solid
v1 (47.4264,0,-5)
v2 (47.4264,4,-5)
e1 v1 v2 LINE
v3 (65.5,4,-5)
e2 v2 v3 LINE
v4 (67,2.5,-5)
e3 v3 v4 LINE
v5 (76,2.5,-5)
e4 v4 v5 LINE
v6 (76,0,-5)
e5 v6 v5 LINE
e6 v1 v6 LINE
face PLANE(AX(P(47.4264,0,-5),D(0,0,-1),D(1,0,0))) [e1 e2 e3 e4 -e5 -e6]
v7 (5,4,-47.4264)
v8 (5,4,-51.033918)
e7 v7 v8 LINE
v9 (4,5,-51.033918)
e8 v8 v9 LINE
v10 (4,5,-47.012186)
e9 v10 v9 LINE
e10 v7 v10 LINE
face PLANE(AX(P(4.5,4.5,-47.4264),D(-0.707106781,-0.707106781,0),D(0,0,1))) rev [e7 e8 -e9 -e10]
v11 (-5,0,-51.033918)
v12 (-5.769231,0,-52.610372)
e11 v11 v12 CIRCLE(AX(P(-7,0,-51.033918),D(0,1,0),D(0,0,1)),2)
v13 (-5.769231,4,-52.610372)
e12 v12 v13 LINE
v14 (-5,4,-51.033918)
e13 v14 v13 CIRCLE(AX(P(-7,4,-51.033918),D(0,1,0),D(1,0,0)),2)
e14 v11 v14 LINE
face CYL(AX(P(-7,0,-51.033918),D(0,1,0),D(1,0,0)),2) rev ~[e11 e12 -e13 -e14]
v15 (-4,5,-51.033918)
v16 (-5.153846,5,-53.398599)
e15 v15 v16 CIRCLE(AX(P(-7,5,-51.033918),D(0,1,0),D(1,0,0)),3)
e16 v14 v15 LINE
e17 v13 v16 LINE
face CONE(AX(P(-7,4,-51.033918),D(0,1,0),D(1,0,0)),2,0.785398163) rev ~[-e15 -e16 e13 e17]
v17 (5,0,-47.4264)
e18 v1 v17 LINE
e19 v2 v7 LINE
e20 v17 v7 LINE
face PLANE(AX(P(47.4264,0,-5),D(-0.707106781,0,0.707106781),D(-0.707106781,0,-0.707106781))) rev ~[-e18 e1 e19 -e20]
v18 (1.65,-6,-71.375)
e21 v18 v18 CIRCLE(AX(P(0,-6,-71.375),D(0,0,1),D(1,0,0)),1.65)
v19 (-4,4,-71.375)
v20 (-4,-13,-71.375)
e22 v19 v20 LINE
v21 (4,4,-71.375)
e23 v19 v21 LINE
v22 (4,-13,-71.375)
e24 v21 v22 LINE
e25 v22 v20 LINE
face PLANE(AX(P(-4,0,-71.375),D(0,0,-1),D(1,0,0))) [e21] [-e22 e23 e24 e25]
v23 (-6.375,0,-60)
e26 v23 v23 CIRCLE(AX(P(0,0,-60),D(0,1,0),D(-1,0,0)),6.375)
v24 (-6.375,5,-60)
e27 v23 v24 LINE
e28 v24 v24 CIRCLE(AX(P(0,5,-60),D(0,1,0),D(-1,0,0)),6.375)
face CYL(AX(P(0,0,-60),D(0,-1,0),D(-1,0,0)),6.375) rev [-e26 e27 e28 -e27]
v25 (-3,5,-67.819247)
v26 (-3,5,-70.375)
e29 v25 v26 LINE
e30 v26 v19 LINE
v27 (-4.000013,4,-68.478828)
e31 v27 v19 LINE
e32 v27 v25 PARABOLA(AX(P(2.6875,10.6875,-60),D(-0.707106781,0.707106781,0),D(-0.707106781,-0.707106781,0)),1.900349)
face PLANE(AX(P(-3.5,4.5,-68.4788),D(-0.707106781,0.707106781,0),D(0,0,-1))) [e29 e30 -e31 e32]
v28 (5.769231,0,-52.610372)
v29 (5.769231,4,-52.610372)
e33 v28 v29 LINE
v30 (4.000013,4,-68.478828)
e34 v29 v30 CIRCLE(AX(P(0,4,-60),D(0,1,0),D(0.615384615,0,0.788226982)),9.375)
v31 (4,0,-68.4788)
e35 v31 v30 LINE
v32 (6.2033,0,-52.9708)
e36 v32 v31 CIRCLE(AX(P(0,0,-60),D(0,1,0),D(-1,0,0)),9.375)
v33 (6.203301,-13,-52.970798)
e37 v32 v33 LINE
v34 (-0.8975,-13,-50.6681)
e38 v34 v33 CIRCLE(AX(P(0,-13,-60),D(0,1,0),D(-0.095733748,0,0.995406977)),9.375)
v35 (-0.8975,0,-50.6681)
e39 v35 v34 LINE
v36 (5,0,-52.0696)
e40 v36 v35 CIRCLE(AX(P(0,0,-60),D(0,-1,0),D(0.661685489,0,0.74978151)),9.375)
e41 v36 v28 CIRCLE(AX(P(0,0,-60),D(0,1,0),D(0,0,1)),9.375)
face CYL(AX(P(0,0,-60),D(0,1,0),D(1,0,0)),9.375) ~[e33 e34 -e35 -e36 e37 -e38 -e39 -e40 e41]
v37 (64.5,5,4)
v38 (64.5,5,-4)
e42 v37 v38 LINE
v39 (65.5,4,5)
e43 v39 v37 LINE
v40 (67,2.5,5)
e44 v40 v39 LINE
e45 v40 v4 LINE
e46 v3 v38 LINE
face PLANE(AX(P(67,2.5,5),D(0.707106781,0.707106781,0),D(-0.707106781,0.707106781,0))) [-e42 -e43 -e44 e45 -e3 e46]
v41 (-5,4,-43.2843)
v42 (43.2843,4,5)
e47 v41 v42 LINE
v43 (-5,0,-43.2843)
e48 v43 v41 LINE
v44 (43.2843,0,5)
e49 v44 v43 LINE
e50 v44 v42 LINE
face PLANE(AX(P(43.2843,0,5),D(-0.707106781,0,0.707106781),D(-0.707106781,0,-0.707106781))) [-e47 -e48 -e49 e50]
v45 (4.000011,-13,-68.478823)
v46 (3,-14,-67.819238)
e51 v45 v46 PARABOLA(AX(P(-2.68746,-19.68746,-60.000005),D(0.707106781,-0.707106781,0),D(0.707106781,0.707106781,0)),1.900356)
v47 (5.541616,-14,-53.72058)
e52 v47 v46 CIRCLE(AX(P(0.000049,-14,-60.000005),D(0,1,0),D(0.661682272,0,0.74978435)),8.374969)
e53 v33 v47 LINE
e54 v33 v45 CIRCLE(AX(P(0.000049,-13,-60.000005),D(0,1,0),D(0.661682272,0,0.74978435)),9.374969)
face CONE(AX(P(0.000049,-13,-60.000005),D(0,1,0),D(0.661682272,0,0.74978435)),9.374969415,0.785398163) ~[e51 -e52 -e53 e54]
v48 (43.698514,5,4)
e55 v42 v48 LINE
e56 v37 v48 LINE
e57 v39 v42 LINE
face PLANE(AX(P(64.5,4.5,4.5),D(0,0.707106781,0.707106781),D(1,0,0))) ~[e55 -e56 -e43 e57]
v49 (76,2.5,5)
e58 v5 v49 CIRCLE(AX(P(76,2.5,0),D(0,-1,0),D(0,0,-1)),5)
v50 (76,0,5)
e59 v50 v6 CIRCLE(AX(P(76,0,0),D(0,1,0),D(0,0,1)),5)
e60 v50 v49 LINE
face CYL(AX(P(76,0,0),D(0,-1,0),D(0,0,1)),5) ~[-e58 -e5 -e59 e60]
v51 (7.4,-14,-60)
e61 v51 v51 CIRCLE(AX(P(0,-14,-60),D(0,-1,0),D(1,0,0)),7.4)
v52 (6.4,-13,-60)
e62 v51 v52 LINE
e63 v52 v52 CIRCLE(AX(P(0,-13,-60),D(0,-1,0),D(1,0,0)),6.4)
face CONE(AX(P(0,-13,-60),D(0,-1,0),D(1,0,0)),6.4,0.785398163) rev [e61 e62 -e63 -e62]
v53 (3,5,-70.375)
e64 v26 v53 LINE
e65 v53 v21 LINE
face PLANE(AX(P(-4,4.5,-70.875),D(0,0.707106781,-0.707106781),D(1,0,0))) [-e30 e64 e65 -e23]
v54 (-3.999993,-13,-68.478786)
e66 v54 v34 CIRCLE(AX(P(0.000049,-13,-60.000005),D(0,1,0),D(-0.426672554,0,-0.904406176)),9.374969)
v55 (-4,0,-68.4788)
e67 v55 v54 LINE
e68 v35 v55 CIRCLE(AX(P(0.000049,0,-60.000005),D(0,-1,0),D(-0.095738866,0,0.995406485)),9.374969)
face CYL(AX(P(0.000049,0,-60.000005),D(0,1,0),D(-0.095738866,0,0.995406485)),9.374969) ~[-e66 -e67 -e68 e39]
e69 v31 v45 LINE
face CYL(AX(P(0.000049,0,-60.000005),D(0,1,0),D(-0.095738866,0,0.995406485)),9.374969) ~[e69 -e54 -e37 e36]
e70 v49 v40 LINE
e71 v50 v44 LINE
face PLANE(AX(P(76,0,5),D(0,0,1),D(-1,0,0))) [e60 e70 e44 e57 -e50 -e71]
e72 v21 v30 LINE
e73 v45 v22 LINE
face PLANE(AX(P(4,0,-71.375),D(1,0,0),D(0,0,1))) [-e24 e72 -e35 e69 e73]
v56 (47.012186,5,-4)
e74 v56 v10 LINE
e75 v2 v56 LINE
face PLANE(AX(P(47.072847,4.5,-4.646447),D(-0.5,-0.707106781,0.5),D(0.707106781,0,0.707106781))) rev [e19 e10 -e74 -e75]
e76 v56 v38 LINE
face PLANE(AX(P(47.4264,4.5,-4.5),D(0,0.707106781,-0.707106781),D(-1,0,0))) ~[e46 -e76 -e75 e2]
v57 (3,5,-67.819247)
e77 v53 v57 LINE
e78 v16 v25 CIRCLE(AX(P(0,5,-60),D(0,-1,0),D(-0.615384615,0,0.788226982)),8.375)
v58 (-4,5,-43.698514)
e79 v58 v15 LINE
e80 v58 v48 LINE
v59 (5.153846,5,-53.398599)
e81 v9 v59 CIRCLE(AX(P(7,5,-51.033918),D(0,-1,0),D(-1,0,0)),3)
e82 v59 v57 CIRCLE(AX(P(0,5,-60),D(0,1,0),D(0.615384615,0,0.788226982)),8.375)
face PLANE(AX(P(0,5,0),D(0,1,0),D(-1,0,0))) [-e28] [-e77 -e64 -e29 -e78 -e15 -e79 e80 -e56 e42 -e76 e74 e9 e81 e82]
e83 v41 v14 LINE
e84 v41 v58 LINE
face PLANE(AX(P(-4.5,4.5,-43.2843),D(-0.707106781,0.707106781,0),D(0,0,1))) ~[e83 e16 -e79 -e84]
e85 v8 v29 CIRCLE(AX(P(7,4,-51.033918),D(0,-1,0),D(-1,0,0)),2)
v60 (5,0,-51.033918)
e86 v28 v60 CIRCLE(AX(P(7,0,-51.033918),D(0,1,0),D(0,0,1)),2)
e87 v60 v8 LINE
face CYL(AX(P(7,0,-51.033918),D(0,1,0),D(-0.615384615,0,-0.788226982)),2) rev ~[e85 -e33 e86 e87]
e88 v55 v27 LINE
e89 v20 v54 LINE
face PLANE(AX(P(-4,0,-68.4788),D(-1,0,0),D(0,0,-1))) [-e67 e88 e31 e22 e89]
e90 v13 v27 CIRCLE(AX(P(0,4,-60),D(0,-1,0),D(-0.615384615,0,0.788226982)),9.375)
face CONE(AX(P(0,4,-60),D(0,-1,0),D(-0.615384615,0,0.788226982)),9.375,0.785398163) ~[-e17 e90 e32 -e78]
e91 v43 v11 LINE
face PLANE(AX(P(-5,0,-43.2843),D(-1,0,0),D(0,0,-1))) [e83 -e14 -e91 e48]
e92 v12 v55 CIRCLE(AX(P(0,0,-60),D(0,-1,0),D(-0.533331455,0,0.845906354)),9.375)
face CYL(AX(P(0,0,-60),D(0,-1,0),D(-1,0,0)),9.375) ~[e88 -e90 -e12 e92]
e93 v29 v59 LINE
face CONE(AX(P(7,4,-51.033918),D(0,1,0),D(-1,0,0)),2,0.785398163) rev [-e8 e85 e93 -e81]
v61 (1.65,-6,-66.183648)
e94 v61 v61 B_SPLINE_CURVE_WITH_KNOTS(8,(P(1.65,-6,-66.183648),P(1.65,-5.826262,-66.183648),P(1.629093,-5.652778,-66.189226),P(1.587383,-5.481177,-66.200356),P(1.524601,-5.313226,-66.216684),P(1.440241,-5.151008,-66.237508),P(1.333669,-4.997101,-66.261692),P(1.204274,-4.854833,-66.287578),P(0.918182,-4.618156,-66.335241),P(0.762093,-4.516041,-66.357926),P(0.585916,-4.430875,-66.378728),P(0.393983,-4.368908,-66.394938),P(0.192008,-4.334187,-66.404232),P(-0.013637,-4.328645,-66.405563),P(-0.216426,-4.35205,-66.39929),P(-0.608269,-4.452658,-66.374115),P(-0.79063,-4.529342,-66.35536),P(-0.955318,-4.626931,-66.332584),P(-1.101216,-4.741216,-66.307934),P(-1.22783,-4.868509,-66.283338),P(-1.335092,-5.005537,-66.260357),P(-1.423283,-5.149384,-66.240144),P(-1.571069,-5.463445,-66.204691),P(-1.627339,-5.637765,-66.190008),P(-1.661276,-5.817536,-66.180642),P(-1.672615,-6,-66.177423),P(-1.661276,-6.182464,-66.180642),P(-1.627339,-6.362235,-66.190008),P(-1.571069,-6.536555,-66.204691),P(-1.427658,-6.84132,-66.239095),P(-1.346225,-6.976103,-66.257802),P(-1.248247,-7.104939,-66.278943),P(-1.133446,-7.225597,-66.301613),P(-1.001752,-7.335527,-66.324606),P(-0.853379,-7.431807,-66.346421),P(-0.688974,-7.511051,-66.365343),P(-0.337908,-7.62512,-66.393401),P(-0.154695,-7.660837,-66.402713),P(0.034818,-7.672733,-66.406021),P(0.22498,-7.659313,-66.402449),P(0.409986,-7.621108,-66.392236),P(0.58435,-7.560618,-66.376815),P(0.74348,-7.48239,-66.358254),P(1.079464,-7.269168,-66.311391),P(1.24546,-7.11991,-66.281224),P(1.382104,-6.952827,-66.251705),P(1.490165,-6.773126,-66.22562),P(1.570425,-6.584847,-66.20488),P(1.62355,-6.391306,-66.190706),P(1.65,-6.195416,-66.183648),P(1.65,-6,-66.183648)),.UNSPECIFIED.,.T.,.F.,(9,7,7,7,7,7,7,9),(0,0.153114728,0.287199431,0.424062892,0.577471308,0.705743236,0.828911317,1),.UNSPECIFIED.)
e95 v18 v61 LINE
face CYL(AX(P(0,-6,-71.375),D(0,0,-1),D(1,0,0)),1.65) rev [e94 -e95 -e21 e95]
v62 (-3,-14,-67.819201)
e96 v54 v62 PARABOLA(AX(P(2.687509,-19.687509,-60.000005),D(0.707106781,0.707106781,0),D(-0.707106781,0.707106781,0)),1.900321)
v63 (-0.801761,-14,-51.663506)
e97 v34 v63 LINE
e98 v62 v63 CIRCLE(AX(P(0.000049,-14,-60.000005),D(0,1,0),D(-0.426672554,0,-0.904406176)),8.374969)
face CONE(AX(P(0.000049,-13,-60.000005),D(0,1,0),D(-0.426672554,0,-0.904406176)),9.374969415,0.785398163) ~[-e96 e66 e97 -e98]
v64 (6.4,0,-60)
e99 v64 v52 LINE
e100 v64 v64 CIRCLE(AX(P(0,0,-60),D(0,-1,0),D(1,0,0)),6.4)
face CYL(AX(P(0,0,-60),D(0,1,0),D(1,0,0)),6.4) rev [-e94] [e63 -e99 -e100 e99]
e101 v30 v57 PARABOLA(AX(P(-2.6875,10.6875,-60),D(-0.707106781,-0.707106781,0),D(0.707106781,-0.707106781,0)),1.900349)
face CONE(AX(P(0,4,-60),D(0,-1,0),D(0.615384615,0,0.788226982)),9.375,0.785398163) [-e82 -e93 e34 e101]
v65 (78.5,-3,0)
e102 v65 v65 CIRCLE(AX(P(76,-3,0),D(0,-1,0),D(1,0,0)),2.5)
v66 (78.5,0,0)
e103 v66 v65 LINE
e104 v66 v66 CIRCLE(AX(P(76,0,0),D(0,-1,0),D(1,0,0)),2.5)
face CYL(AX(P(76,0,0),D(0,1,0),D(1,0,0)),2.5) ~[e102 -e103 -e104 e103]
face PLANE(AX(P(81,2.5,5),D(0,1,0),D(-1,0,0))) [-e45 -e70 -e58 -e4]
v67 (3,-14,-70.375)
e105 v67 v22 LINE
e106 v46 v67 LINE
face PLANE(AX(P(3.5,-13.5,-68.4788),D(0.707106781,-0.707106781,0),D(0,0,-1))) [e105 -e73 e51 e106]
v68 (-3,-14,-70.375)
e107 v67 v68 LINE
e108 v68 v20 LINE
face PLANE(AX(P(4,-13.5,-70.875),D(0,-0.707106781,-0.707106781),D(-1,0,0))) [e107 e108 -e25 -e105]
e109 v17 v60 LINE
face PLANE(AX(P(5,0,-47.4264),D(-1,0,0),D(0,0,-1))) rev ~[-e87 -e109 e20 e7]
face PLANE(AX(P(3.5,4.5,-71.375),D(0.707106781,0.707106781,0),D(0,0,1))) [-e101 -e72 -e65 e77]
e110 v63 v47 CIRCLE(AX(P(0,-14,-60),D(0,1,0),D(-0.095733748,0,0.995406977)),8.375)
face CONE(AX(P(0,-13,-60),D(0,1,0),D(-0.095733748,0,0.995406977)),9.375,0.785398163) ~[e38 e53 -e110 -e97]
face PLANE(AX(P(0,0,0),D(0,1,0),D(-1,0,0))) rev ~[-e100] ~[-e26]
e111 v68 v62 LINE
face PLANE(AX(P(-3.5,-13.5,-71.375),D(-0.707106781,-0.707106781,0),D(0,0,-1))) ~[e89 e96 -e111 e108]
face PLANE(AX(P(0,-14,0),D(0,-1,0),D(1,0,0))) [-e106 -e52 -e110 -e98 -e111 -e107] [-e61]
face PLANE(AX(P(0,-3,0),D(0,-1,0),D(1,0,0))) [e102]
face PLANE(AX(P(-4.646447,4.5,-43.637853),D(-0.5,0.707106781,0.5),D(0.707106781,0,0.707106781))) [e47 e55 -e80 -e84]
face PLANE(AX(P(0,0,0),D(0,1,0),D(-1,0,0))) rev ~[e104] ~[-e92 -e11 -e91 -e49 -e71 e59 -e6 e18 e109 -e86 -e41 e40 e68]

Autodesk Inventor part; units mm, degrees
ref_plane "YZ Plane" through (0, 0, 0) normal (1, 0, 0) x (0, 1, 0)
ref_plane "XZ Plane" through (0, 0, 0) normal (0, 1, 0) x (-1, 0, 0)
ref_plane "XY Plane" through (0, 0, 0) normal (0, 0, 1) x (1, 0, 0)
sketch "Sketch1" plane through (0, 0, 0) normal (0, 1, 0) x (-1, 0, 0)
  arc A0 (-4.6069, -58.0567) -> (5, -60) centre (0, -60) ccw
  line L0 (0, 0) -> (-76, 0) construction
  line L1 (-5, -5) -> (-76, -5)
  line L2 (-76, 5) -> (5, 5)
  arc A1 (-76, 5) -> (-76, -5) centre (-76, 0) ccw
  circle A2 centre (0, -60) radius 2.25
  circle A3 centre (0, -60) radius 6.375
  circle A4 centre (0, -60) radius 11.375 construction
  line L3 (-5, -5) -> (-5, -52.0696)
  line L4 (5, 5) -> (5, -52.0696)
  circle A5 centre (0, -60) radius 9.375
  line L5 (-4, -68.4788) -> (4, -68.4788)
  line L6 (4, -68.4788) -> (4, -71.375)
  line L7 (4, -71.375) -> (-4, -71.375)
  line L8 (-4, -71.375) -> (-4, -68.4788)
  line L9 (0, -60) -> (0, -31.5447) construction
  line L10 (-47.4264, -5) -> (-5, -47.4264)
  line L11 (-43.2843, 5) -> (5, -43.2843)
  point P0 (-38, 0)
  point P1 (-8.5189, -5)
  point P2 (-5, -49.7828)
  point P3 (5, -49.7828)
  dimension "d9" = 4.5
  dimension "d24" = 5
  dimension "d29" = 12.75
  dimension "d30" = 5
  dimension "d46" = 76
  dimension "d49" = 10
  dimension "d50" = 6
  dimension "d51" = 3
  dimension "d53" = 8
  dimension "d55" = 60
  dimension "d56" = 5
  dimension "d58" = 90
  dimension "d59" = 10
  dimension "d60" = 10
  dimension "d61" = 45
  dimension "d62" = 30
extrude "Extrusion1" add sketch "Sketch1" along normal blind 5 contours L1 A1 L2 L11 | L1 L11 L3 L10 | L3 L11 L4 A5 | A5 L5 | L5 A5 | A5 L6 L7 L8
sketch "Sketch2" plane through (0, 0, 0) normal (0, -1, 0) x (1, 0, 0)
  arc A0 (76, -5) -> (76, 5) centre (76, 0) ccw projected
  circle A1 centre (76, 0) radius 2.5
  point P0 (0, 0)
  dimension "d6" = 5
extrude "Extrusion2" add sketch "Sketch2" along normal blind 3
sketch "Sketch4" plane through (-15.2896, 0, 5) normal (0, 0, 1) x (1, 0, 0)
  line L0 (96.2896, 0) -> (96.2896, 5) projected
  line L1 (96.2896, 2.5) -> (82.2896, 2.5)
  line L2 (82.2896, 2.5) -> (79.7896, 5)
  line L3 (79.7896, 5) -> (96.2896, 5)
  line L4 (96.2896, 2.5) -> (96.2896, 5)
  line L5 (58.5738, 5) -> (91.2896, 5) projected
  point P0 (15.2896, 0)
  point P1 (10.2896, 5)
  dimension "d17" = 135
  dimension "d19" = 14
extrude "Extrusion4" cut sketch "Sketch4" against normal through all
sketch "Sketch7" plane through (0, 0, 0) normal (0, -1, 0) x (1, 0, 0)
  arc A0 (-0.8975, -50.6681) -> (6.2033, -52.9708) centre (0, -60) ccw
  circle A1 centre (0, -60) radius 6.4
  circle A2 centre (0, -60) radius 9.375
  arc A3 (-5, -52.0696) -> (-4, -68.4788) centre (0, -60) ccw projected
  circle A4 centre (76, 0) radius 2.5 projected
  line L0 (5, -47.4264) -> (5, -52.0696) projected
  line L1 (76, -5) -> (47.4264, -5) projected
  arc A5 (76, -5) -> (76, 5) centre (76, 0) ccw projected
  line L2 (43.2843, 5) -> (76, 5) projected
  line L3 (-5, -52.0696) -> (-5, -43.2843) projected
  arc A6 (-5, -52.0696) -> (-4, -68.4788) centre (0, -60) ccw projected
  line L4 (-4, -71.375) -> (-4, -68.4788) projected
  line L5 (4, -71.375) -> (-4, -71.375) projected
  line L6 (4, -68.4788) -> (4, -71.375) projected
  arc A7 (4, -68.4788) -> (5, -52.0696) centre (0, -60) ccw projected
  line L7 (47.4264, -5) -> (5, -47.4264) projected
  line L8 (-5, -43.2843) -> (43.2843, 5) projected
  point P0 (0, 0)
  dimension "d31" = 12.8
extrude "Extrusion6" add sketch "Sketch7" along normal blind 14 contours A2 A0 | A0 L6 L5 L4
sketch "Sketch8" plane through (7.8055, 0, -71.375) normal (0, 0, 1) x (1, 0, 0)
  circle A0 centre (-7.8055, -6) radius 1.65
  line L0 (-17.1805, -14) -> (1.5695, -14) projected
  point P0 (-7.8055, 0)
  point P1 (-2.6893, 8)
  point P2 (-7.8055, -14)
  point P3 (-7.8055, -14)
  dimension "d34" = 3.3
  dimension "d47" = 8
extrude "Extrusion7" cut sketch "Sketch8" along normal up to surface
fillet "Fillet2" radius 2 2 edges at (5, 2.5, -52.0696) (-5, 2.5, -52.0696)
chamfer "Chamfer1" distance 1 angle 45 13 edges at (53.8921, 5, 5) (55.9632, 5, -5) (5, 5, -49.2302) (5.2026, 5, -51.911) (9.3173, 5, -61.0388) (-5, 5, -47.1591) (-5.2026, 5, -51.911) (-9.3173, 5, -61.0388) (4, 5, -69.9269) (0, 5, -71.375) (-4, 5, -69.9269) (26.2132, 5, -26.2132) (19.1421, 5, -19.1421)
chamfer "Chamfer2" distance 1 angle 45 5 edges at (-6.4, -14, -60) (0, -14, -50.625) (4, -14, -69.9269) (0, -14, -71.375) (-4, -14, -69.9269)
equation "\"d56\" = 0.5 * d49"
equation "\"d60\" = d49"
equation "\"d4\" = d24"
properties part number "head_lock"
